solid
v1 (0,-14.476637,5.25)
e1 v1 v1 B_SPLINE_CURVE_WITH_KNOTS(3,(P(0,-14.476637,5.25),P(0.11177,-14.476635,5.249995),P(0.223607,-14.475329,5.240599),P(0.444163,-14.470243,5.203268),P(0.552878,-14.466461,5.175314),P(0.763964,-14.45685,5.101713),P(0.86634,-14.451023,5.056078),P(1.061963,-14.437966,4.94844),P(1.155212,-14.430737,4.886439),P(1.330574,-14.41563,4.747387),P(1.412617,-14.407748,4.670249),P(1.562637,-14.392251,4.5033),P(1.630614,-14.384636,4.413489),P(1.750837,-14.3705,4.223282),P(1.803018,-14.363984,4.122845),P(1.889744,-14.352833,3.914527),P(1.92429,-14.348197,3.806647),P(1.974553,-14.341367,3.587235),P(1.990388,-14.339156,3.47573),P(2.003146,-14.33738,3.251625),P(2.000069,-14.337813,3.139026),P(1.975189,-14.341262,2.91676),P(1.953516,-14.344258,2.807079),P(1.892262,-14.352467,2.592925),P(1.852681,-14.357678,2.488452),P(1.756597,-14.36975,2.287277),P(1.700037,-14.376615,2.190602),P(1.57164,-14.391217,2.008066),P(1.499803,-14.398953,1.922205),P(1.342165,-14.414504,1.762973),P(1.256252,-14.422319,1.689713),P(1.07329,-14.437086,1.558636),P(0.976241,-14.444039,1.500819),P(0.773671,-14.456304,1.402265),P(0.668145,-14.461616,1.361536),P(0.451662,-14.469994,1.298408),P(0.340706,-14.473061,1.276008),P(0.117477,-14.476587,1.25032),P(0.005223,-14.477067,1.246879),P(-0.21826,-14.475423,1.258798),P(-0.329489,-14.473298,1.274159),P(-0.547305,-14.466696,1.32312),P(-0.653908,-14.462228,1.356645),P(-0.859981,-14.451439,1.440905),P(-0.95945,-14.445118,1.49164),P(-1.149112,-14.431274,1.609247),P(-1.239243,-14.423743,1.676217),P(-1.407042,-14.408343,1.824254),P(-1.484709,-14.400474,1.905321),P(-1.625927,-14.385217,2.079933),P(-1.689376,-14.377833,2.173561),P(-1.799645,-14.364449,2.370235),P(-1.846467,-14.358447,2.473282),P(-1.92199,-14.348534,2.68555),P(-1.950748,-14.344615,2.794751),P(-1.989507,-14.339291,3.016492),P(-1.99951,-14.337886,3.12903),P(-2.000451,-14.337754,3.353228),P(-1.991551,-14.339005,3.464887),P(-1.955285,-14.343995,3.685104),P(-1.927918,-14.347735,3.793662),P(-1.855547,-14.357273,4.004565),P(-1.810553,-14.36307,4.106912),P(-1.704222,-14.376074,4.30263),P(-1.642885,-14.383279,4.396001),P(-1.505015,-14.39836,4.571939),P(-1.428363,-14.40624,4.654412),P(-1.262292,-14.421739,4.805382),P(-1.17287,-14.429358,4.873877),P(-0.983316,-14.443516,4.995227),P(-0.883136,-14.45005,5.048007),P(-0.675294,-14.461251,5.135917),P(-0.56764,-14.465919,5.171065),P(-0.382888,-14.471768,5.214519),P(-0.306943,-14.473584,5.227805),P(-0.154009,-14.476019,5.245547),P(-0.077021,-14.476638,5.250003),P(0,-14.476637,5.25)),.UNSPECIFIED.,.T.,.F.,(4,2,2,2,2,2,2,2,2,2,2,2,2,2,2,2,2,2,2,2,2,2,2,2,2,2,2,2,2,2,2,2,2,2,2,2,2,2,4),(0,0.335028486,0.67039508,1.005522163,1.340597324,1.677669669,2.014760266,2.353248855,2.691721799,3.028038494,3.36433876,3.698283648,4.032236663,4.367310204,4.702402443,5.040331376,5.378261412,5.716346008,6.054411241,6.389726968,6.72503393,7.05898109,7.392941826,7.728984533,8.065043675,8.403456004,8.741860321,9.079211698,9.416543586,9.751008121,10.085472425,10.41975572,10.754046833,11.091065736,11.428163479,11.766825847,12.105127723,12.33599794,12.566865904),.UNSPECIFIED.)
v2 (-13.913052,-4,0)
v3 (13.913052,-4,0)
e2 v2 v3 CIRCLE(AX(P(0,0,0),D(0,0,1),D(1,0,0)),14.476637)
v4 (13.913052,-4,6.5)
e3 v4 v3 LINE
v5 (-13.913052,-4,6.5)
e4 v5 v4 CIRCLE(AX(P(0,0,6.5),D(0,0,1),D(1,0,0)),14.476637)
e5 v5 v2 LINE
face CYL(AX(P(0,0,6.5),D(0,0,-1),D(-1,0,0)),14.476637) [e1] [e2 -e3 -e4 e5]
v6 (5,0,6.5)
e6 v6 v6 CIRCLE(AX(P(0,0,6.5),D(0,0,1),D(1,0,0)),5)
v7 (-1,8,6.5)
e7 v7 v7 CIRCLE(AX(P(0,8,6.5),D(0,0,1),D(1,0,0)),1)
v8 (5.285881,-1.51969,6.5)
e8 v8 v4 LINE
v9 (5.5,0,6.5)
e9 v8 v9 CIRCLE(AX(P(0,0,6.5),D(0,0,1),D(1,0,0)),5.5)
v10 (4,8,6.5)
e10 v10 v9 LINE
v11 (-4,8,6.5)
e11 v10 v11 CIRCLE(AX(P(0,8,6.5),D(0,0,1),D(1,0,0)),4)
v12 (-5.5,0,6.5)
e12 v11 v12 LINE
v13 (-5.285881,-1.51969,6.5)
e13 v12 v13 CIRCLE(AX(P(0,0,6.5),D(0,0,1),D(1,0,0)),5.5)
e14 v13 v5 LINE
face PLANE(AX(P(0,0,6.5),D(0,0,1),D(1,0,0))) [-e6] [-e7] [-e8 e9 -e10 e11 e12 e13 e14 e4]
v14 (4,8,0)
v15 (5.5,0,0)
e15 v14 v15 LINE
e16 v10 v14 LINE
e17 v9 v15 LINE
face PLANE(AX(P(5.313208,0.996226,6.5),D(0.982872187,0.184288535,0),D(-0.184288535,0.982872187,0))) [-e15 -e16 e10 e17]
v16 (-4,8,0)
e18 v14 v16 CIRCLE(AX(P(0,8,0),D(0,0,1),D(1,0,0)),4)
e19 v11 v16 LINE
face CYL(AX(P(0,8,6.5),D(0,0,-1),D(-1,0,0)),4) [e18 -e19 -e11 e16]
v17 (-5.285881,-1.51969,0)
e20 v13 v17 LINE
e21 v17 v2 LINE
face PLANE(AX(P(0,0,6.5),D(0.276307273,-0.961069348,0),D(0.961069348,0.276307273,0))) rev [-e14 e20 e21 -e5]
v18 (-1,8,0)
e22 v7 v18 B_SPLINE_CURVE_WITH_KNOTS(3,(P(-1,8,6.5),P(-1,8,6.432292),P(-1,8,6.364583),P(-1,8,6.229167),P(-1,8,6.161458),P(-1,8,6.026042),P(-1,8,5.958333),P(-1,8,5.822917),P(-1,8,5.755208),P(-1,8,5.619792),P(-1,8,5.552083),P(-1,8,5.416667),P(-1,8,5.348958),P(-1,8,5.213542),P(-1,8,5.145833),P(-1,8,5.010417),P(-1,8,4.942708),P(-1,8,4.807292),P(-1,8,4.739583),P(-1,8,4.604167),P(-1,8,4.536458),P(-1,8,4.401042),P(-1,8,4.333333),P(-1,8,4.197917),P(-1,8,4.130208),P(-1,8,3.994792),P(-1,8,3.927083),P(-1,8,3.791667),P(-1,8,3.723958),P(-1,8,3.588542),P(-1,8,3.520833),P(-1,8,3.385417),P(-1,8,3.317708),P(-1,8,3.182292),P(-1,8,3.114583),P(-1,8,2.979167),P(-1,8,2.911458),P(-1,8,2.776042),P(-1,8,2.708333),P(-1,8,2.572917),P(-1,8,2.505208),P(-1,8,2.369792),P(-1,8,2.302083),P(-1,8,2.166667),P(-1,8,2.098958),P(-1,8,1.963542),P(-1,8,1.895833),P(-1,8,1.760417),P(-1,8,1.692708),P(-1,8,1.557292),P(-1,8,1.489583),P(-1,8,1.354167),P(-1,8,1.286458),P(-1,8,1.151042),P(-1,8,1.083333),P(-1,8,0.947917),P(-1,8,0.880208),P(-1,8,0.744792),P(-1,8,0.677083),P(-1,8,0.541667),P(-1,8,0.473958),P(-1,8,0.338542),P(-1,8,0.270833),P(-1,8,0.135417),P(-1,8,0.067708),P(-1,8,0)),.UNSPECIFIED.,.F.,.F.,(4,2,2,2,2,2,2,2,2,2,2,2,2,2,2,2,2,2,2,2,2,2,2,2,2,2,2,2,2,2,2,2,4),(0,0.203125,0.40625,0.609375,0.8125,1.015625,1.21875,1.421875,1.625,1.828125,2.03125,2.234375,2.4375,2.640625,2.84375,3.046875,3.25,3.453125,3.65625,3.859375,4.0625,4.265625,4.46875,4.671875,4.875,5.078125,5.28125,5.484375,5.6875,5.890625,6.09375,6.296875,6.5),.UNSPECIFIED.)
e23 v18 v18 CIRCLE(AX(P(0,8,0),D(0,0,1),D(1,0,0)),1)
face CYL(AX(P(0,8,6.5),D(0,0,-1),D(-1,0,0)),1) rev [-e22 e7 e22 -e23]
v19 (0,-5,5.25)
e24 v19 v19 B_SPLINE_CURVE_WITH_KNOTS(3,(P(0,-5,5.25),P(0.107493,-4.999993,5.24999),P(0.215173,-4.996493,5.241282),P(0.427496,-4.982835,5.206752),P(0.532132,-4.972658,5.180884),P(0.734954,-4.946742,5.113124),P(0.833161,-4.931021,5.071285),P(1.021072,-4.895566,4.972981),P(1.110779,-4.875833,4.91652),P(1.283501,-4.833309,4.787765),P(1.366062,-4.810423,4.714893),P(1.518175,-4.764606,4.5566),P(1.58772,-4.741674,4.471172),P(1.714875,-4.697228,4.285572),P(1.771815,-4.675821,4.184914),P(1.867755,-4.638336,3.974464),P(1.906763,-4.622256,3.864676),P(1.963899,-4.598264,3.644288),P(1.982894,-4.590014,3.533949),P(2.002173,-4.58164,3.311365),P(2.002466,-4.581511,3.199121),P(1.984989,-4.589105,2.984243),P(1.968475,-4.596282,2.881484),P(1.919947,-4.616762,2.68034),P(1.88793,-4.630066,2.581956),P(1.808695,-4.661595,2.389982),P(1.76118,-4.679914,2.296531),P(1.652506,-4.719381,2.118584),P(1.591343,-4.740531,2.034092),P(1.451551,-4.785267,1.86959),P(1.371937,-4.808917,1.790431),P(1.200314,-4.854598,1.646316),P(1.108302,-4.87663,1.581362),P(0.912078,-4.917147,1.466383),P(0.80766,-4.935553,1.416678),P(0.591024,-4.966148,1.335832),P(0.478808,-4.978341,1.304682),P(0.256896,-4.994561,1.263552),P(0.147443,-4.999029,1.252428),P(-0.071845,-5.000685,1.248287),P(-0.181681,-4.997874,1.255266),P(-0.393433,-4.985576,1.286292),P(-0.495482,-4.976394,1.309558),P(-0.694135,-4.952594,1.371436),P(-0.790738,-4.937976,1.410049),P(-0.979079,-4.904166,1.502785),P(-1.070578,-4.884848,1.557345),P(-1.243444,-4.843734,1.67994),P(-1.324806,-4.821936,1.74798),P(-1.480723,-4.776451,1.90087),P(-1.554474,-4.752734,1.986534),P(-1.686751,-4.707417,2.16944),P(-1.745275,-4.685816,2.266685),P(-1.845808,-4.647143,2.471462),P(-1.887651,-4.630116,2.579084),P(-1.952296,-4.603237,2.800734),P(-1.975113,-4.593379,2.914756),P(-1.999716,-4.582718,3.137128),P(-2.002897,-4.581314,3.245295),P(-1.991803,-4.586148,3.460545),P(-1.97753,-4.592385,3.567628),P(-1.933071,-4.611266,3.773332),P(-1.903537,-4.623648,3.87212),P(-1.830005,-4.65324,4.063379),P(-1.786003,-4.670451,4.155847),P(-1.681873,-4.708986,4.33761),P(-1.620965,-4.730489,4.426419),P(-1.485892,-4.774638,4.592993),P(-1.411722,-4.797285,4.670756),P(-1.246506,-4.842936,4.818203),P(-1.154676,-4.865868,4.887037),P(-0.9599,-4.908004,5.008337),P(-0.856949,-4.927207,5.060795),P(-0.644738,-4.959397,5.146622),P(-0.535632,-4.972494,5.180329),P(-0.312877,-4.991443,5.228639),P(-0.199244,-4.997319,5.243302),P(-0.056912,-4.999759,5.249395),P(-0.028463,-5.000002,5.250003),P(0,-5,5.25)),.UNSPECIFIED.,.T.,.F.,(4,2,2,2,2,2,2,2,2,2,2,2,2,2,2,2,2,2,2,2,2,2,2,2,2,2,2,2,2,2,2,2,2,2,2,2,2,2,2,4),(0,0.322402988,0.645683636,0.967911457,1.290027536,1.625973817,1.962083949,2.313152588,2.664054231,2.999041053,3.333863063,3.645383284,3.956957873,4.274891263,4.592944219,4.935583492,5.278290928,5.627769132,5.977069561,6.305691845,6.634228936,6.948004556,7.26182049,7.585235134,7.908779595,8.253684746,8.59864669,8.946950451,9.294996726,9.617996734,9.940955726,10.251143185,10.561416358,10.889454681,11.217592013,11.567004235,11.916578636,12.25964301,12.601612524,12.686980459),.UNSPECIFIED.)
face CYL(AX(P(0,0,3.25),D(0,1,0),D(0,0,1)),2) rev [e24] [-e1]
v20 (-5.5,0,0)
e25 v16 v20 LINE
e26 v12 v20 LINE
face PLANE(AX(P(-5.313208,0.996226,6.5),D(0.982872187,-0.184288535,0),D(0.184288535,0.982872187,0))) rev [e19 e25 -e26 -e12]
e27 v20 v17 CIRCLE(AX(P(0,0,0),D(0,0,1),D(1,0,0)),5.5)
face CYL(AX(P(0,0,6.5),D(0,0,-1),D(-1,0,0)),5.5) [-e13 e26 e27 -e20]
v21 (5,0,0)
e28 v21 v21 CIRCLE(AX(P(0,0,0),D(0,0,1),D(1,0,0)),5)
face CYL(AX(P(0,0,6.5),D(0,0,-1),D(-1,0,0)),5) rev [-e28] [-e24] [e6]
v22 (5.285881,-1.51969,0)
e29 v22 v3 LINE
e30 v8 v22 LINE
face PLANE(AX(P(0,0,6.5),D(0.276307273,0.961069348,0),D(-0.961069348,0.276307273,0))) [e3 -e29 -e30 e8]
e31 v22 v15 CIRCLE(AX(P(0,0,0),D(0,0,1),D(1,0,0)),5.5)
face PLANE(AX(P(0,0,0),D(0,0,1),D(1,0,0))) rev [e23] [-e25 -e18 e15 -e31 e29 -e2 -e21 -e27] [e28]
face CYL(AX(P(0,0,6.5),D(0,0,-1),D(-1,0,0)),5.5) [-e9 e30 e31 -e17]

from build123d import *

# Parameters (mm, degrees)
SKETCH1_R           = 5
SKETCH1_R_2         = 1
BOSS_EXTRUDE1_DEPTH = 6.5
SKETCH5_W           = 2
SKETCH5_H           = 14.476636654


with BuildPart() as part:
    # Sketch1 → Boss-Extrude1 (new body)
    with BuildSketch(Plane.XY):
        with BuildLine():
            Line((13.913051744, -4), (5.285881411, -1.519690003))
            ThreePointArc((5.285881411, -1.519690003), (5.446207293, -0.767350063), (5.5, 0))
            Line((5.5, 0), (4, 8))
            ThreePointArc((4, 8), (0, 12), (-4, 8))
            Line((-4, 8), (-5.5, 0))
            ThreePointArc((-5.5, 0), (-5.446207293, -0.767350063), (-5.285881411, -1.519690003))
            Line((-5.285881411, -1.519690003), (-13.913051744, -4))
            ThreePointArc((-13.913051744, -4), (0, -14.476636654), (13.913051744, -4))
        make_face()
        with Locations(Location((0, 0, 0), (0, 0, 180))):
            Circle(SKETCH1_R, mode=Mode.SUBTRACT)
        with Locations(Location((0, 8, 0), (0, 0, 180))):
            Circle(SKETCH1_R_2, mode=Mode.SUBTRACT)
    extrude(amount=BOSS_EXTRUDE1_DEPTH)

    # Sketch5 → Ø4.0 (4) Diameter Hole1 (revolve, cut)
    with BuildSketch(Plane(origin=(0, 0, 3.25), x_dir=(0, 0, 1), z_dir=(1, 0, 0))):
        with Locations((1, 7.238318327)):
            Rectangle(SKETCH5_W, SKETCH5_H)
    revolve(axis=Axis((0, 6.35, 3.25), (0, -1, 0)), mode=Mode.SUBTRACT)


solid = part.part
